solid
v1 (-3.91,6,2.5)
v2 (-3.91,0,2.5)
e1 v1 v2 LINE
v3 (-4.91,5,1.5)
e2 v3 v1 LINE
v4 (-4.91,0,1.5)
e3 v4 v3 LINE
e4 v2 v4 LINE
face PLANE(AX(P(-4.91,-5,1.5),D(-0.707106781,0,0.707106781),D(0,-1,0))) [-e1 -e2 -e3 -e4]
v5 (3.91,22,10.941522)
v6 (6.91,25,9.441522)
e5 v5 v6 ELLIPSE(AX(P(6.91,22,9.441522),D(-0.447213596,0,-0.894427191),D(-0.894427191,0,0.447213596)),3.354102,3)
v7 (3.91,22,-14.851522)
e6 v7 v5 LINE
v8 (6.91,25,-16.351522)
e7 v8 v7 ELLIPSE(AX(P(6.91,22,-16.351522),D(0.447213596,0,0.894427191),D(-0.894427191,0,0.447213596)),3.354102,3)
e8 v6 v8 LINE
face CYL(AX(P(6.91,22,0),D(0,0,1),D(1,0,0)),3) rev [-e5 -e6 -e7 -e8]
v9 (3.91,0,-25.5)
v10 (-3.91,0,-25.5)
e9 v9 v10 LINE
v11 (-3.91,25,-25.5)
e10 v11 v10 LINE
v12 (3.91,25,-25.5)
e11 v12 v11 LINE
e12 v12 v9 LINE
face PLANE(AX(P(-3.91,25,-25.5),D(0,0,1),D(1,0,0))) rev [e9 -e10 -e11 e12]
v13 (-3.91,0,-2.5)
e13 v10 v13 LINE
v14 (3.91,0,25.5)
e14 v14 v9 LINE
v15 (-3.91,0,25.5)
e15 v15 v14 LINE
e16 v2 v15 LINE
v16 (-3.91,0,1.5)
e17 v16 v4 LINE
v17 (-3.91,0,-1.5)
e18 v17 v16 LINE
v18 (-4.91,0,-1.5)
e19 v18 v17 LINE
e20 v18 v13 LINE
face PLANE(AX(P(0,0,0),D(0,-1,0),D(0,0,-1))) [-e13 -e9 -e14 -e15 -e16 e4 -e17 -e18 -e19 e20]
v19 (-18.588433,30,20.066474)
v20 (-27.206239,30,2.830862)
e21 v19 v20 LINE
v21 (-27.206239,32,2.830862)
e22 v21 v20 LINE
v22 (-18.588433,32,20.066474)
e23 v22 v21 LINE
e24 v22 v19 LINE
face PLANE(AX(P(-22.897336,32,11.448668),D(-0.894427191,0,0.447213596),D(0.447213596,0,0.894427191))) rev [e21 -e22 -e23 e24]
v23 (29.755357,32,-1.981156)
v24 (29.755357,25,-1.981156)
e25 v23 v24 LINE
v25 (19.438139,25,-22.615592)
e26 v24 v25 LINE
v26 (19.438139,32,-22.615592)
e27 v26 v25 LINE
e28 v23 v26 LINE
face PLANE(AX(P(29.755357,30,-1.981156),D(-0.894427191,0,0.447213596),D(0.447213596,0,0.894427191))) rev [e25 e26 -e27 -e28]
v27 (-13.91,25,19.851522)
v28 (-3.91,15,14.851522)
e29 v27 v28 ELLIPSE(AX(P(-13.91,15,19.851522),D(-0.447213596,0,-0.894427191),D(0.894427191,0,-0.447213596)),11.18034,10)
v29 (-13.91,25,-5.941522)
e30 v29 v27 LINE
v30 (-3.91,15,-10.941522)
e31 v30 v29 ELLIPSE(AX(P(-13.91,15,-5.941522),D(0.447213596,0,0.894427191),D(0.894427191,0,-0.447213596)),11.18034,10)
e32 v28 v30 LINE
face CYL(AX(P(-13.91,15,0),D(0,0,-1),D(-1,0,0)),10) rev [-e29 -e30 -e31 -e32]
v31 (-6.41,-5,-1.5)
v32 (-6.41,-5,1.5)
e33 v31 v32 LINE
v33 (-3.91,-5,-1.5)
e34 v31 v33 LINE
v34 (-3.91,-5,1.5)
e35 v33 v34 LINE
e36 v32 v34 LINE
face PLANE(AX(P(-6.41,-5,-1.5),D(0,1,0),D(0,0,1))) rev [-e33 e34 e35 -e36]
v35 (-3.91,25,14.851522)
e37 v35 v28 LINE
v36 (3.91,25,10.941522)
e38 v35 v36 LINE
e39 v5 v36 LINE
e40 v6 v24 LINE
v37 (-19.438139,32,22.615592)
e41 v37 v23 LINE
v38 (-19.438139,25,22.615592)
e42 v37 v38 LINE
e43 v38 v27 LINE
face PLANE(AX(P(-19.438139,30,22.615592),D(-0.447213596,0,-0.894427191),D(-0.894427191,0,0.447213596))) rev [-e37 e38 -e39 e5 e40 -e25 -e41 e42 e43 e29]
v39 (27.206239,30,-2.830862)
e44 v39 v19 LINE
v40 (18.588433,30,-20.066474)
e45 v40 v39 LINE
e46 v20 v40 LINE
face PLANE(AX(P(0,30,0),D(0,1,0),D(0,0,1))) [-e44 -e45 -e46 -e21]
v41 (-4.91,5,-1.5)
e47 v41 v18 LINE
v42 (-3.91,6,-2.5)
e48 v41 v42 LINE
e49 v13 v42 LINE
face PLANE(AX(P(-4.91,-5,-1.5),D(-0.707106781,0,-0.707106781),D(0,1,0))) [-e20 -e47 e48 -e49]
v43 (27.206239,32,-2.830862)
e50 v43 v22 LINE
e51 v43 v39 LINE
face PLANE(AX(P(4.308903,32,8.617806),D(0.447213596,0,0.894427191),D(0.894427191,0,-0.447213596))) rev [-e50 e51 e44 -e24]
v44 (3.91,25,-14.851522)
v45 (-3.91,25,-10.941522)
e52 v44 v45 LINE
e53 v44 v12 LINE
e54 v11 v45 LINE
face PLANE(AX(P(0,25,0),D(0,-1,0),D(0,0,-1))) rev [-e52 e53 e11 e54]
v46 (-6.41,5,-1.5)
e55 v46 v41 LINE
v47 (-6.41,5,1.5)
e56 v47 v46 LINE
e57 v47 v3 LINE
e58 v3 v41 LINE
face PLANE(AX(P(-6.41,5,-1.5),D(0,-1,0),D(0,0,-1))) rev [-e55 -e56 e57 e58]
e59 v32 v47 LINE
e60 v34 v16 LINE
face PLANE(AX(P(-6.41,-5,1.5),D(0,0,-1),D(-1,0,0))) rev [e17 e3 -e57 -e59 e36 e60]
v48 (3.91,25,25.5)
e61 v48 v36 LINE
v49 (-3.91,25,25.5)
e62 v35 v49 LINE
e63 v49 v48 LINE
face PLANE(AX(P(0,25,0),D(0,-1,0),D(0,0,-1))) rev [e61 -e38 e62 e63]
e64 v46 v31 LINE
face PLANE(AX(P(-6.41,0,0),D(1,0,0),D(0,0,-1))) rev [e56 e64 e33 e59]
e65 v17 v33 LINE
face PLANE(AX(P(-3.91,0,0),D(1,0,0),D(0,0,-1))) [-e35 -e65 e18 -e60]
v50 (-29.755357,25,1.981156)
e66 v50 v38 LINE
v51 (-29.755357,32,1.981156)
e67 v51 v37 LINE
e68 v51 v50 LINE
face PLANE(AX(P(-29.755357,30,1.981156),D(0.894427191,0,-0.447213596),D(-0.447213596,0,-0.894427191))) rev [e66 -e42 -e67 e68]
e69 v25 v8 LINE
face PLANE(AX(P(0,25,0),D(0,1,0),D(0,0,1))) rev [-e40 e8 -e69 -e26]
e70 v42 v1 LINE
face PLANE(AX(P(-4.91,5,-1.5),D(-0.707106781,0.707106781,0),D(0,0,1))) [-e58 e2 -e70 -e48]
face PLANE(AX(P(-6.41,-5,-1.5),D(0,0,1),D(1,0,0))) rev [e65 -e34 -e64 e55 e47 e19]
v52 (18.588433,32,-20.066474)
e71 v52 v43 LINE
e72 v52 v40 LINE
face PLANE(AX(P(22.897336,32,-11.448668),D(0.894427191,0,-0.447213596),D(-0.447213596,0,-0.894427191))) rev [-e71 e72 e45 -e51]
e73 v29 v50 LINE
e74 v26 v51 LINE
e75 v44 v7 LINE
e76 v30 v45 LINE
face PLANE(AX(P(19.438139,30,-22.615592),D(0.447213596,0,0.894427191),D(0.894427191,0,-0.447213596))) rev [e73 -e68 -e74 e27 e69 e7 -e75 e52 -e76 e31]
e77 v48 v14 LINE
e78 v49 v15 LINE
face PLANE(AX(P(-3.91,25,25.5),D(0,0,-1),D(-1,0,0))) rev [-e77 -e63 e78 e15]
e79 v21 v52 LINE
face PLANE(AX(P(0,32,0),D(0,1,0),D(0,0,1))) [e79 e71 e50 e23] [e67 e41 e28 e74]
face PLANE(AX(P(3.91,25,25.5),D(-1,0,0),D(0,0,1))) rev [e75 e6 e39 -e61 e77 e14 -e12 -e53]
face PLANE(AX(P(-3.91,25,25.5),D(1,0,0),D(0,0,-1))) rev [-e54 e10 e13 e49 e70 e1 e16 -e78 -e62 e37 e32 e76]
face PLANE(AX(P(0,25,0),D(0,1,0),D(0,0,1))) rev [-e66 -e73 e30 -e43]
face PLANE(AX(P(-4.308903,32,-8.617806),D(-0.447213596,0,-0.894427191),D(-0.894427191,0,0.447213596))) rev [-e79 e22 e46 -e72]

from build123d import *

# Parameters (mm, degrees)
SKETCH1_W           = 7.82
SKETCH1_H           = 51
BOSS_EXTRUDE1_DEPTH = 25
BOSS_EXTRUDE2_DEPTH = 5
BOSS_EXTRUDE3_DEPTH = 2
FILLET1_R           = 10
FILLET2_R           = 3
SKETCH4_W           = 3
SKETCH4_H           = 10
BOSS_EXTRUDE4_DEPTH = 2.5
CHAMFER1_SIZE       = 1


with BuildPart() as part:
    # Sketch1 → Boss-Extrude1 (new body)
    with BuildSketch(Plane(origin=(0, 0, 0), x_dir=(1, 0, 0), z_dir=(0, 1, 0))):
        Rectangle(SKETCH1_W, SKETCH1_H)
    extrude(amount=BOSS_EXTRUDE1_DEPTH)

    # Sketch2 → Boss-Extrude2 (add)
    with BuildSketch(Plane(origin=(0, 25, 0), x_dir=(1, 0, 0), z_dir=(0, 1, 0))):
        Polygon((-19.438138919, -22.615591532), (29.755356576, 1.98115624), (19.438138919, 22.615591532), (-29.755356576, -1.98115624), align=None)
    extrude(amount=BOSS_EXTRUDE2_DEPTH)

    # Sketch3 → Boss-Extrude3 (add)
    with BuildSketch(Plane(origin=(0, 30, 0), x_dir=(1, 0, 0), z_dir=(0, 1, 0))):
        Polygon((-19.438138919, -22.615591532), (29.755356576, 1.98115624), (19.438138919, 22.615591532), (-29.755356576, -1.98115624), align=None)
        Polygon((27.206239081, 2.83086207), (-18.588433089, -20.066474038), (-27.206239081, -2.83086207), (18.588433089, 20.066474038), align=None, mode=Mode.SUBTRACT)
    extrude(amount=BOSS_EXTRUDE3_DEPTH)

    # Fillet1
    fillet1_edges = [part.edges().sort_by_distance(p)[0] for p in [
        (-3.91, 25, 1.955000002),
    ]]
    fillet(fillet1_edges, radius=FILLET1_R)

    # Fillet2
    fillet2_edges = [part.edges().sort_by_distance(p)[0] for p in [
        (3.91, 25, -1.955000002),
    ]]
    fillet(fillet2_edges, radius=FILLET2_R)

    # Sketch4 → Boss-Extrude4 (add)
    with BuildSketch(Plane.ZY.offset(3.91)):
        Rectangle(SKETCH4_W, SKETCH4_H)
    extrude(amount=BOSS_EXTRUDE4_DEPTH)

    # Chamfer1
    chamfer1_edges = [part.edges().sort_by_distance(p)[0] for p in [
        (-3.91, 2.5, 1.5),
        (-3.91, 5, 0),
        (-3.91, 2.5, -1.5),
    ]]
    chamfer(chamfer1_edges, length=CHAMFER1_SIZE)


solid = part.part
